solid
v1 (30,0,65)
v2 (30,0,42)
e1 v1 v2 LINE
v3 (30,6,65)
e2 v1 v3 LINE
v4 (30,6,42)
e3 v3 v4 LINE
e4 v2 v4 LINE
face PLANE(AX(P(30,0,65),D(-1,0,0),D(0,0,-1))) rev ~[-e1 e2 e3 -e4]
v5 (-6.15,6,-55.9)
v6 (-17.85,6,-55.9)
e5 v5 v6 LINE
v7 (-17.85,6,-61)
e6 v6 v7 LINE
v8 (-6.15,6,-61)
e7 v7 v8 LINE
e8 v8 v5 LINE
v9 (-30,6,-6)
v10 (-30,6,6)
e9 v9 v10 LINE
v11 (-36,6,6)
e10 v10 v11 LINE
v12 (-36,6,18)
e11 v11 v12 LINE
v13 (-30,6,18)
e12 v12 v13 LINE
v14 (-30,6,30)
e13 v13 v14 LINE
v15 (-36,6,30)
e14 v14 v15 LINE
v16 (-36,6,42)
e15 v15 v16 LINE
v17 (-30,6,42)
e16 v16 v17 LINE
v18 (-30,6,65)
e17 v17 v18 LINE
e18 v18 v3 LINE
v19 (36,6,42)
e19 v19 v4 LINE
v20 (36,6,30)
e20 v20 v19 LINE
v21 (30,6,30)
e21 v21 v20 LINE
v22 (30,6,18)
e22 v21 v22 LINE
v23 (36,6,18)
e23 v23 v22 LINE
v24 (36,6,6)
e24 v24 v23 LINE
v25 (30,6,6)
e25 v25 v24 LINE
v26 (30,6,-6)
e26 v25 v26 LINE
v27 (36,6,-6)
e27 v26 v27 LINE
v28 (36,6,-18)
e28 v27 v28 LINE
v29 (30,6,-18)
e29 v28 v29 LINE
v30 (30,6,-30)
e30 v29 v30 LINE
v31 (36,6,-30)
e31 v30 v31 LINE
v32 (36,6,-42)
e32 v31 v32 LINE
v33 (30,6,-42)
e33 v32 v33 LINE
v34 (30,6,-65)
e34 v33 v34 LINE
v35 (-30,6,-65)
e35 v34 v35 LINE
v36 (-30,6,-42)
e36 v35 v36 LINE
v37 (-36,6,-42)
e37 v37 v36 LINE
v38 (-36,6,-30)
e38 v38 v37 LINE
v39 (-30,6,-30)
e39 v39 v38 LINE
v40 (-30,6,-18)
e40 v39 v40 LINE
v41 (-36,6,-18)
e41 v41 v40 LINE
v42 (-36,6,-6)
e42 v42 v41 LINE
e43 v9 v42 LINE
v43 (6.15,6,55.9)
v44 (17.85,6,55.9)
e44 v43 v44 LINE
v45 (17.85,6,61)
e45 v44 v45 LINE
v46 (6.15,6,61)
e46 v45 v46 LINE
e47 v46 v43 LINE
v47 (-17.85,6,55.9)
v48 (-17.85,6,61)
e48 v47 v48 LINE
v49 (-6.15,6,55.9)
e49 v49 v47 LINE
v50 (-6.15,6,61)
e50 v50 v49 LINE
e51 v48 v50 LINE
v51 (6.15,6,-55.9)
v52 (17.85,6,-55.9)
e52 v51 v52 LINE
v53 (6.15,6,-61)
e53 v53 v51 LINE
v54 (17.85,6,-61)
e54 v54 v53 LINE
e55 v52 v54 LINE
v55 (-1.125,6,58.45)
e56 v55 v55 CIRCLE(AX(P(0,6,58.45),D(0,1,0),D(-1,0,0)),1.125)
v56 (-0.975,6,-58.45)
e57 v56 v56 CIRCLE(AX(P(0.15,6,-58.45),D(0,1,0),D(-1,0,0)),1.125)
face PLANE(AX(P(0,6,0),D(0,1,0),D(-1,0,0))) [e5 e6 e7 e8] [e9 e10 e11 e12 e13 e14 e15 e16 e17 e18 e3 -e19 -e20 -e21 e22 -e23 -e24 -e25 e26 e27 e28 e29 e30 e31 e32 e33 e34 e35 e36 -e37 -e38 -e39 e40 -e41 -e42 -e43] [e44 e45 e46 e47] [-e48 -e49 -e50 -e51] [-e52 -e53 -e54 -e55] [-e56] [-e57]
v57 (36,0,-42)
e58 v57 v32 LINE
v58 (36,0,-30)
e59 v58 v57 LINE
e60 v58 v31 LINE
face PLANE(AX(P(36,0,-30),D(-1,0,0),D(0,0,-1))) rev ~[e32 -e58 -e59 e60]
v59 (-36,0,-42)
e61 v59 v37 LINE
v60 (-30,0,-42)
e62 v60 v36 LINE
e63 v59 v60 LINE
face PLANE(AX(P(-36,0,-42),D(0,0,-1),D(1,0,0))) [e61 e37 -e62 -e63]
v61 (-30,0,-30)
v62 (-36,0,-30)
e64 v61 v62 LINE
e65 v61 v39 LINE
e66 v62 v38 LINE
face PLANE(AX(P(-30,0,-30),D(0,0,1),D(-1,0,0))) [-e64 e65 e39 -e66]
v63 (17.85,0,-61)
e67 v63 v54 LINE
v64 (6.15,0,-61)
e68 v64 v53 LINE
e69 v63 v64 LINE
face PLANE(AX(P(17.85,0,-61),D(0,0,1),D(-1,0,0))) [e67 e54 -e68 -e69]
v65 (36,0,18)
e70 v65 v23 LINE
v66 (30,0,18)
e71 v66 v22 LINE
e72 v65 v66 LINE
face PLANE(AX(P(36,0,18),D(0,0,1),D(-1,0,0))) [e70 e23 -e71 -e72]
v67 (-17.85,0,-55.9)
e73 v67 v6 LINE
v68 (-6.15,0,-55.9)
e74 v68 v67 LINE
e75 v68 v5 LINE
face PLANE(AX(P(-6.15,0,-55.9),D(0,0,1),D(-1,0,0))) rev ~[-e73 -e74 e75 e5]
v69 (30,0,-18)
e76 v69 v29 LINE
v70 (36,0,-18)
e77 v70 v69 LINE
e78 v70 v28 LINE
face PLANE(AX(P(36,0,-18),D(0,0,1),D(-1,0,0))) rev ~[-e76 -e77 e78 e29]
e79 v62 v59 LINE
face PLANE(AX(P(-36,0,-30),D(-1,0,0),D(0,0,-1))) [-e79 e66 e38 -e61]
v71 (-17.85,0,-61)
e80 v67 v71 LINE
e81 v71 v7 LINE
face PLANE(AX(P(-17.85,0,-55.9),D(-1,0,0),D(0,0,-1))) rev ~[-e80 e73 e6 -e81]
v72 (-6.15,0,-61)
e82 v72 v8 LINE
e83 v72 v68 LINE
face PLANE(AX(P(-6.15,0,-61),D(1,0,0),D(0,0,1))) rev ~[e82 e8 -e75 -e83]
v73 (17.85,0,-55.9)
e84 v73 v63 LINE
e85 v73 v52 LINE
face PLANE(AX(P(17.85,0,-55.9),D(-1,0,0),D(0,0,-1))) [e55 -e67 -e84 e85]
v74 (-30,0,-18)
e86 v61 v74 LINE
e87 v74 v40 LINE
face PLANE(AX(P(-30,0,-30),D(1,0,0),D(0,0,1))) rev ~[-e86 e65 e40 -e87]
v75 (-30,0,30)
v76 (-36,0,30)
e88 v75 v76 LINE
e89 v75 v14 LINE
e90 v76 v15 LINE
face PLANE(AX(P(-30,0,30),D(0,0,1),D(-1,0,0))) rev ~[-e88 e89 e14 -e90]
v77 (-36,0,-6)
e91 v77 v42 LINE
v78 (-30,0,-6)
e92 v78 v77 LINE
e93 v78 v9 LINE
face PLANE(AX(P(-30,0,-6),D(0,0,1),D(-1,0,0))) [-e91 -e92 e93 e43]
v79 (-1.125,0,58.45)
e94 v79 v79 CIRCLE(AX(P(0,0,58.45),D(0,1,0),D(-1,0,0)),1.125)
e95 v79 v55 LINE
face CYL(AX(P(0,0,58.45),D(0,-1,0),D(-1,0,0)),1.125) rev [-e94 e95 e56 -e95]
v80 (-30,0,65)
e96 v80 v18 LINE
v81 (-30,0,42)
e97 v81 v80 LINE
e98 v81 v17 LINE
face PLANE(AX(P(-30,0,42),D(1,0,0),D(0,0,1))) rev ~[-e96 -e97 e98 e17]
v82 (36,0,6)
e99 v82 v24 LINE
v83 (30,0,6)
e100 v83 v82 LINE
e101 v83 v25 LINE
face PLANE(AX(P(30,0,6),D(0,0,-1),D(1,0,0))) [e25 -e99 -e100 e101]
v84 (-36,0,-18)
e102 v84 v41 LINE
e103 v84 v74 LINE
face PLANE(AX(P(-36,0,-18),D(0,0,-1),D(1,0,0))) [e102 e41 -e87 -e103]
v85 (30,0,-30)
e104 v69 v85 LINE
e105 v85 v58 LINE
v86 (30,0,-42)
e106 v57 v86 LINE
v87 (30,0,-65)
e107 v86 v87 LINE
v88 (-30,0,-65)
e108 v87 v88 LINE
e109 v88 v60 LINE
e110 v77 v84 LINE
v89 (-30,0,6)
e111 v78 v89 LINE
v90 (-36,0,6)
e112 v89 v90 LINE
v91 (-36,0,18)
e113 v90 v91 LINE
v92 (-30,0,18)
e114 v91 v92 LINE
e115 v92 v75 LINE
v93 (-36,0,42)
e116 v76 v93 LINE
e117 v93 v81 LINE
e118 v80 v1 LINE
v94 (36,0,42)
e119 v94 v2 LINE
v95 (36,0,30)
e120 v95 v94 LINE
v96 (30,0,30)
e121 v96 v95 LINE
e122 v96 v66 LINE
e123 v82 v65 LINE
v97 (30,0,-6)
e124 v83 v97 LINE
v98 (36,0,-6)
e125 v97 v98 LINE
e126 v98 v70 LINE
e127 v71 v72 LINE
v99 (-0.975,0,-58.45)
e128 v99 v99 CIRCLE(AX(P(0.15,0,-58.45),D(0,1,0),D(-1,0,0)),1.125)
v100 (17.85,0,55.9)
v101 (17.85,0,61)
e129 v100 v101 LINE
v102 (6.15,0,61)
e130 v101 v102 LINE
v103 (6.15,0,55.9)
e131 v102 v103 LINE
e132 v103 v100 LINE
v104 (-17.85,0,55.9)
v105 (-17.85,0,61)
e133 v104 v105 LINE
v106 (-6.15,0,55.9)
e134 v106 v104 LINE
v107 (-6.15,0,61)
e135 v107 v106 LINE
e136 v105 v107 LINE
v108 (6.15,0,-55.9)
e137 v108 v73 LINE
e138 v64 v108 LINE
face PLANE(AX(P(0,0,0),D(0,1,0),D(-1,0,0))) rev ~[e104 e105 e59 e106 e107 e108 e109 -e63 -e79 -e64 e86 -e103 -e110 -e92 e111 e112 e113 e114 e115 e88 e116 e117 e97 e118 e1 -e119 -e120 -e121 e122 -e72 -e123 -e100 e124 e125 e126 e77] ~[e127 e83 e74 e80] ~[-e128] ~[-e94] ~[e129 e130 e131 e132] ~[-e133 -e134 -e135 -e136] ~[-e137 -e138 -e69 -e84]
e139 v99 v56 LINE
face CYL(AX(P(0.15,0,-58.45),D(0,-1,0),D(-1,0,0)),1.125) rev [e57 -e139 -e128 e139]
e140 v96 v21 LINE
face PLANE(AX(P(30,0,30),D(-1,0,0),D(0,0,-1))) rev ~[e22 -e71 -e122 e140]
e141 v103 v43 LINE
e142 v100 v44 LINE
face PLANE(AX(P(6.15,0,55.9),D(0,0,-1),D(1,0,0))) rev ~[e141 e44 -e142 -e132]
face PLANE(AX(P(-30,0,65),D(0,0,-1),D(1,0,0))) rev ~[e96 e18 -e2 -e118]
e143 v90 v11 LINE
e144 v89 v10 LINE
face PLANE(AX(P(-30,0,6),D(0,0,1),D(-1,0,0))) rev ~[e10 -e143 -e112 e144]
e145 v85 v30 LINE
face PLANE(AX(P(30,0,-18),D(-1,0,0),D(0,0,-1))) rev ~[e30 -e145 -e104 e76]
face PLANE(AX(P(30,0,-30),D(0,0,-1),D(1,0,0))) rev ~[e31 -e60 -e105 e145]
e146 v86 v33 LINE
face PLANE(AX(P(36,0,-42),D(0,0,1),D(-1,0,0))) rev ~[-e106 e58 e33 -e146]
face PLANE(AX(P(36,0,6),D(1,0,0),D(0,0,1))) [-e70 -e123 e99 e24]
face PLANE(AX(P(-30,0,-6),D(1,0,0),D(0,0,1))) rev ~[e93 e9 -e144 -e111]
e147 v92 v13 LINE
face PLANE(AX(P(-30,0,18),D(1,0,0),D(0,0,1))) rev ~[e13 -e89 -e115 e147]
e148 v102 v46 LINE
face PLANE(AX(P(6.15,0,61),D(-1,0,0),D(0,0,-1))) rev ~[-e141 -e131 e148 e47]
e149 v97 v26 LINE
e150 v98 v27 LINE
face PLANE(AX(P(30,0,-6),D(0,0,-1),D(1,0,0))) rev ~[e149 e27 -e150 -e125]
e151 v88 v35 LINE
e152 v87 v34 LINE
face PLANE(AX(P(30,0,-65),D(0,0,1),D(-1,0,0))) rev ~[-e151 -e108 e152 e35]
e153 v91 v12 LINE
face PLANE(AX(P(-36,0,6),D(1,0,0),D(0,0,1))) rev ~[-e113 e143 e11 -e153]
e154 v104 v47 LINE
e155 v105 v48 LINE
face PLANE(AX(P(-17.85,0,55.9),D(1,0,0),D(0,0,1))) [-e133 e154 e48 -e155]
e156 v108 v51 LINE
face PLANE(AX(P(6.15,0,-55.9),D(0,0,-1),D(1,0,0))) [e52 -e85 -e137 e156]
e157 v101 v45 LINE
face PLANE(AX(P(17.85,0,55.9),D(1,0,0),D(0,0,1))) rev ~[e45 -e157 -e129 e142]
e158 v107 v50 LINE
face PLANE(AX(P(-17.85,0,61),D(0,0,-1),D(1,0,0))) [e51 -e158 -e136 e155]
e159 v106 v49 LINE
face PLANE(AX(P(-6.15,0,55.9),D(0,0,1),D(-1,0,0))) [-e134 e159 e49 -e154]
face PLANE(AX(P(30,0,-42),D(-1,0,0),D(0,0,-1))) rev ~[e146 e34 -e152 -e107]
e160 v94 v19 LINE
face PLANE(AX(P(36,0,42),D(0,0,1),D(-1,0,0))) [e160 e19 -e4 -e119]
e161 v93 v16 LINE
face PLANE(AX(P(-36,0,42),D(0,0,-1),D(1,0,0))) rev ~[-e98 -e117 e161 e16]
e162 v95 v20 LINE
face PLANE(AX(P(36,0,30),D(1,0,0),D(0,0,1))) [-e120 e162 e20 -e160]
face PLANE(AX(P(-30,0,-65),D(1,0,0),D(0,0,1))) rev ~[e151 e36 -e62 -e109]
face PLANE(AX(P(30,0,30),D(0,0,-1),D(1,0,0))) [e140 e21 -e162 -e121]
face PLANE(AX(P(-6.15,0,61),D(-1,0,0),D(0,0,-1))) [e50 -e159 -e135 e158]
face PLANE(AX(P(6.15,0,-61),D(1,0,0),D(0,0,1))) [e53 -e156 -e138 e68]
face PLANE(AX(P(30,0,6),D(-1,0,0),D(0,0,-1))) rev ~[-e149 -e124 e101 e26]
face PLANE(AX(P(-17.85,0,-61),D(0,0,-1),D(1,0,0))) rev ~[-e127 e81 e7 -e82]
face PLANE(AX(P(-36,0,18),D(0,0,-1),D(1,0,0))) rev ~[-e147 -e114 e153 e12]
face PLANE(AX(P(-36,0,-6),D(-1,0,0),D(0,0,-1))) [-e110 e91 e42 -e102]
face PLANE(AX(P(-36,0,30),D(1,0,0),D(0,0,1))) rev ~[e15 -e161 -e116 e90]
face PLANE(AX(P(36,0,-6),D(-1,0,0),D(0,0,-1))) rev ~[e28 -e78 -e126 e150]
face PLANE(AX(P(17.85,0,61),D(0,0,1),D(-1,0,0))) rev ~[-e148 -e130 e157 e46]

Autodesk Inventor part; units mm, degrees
ref_plane "YZ Plane" through (0, 0, 0) normal (1, 0, 0) x (0, 1, 0)
ref_plane "XZ Plane" through (0, 0, 0) normal (0, 1, 0) x (-1, 0, 0)
ref_plane "XY Plane" through (0, 0, 0) normal (0, 0, 1) x (1, 0, 0)
sketch "Sketch1" plane through (0, 0, 0) normal (0, 1, 0) x (-1, 0, 0)
  line L0 (30, 65) -> (-30, 65)
  line L1 (-30, 65) -> (-30, -65)
  line L2 (-30, -65) -> (30, -65)
  line L3 (30, -65) -> (30, 65)
  line L4 (30, 65) -> (-30, -65) construction
  line L5 (-30, 65) -> (30, -65) construction
  line L6 (-17.85, 61) -> (-6.15, 61)
  line L7 (-6.15, 61) -> (-6.15, 55.9)
  line L8 (-6.15, 55.9) -> (-17.85, 55.9)
  line L9 (-17.85, 55.9) -> (-17.85, 61)
  line L10 (-30, 6) -> (-36, 6)
  line L11 (-36, 6) -> (-36, 18)
  line L12 (-36, 18) -> (-30, 18)
  line L13 (-30, 18) -> (-30, 6)
  line L14 (-30, 30) -> (-36, 30)
  line L15 (-36, 30) -> (-36, 42)
  line L16 (-36, 42) -> (-30, 42)
  line L17 (-30, 42) -> (-30, 30)
  line L18 (0, 0) -> (0, 6.5854)
  line L19 (0, 6.5854) -> (0, 0)
  line L20 (0, 0) -> (-5.5856, 0)
  line L21 (17.85, 61) -> (6.15, 61)
  line L22 (6.15, 61) -> (6.15, 55.9)
  line L23 (6.15, 55.9) -> (17.85, 55.9)
  line L24 (17.85, 55.9) -> (17.85, 61)
  line L25 (30, 6) -> (36, 6)
  line L26 (36, 6) -> (36, 18)
  line L27 (36, 18) -> (30, 18)
  line L28 (30, 18) -> (30, 6)
  line L29 (30, 30) -> (36, 30)
  line L30 (36, 30) -> (36, 42)
  line L31 (36, 42) -> (30, 42)
  line L32 (30, 42) -> (30, 30)
  line L33 (-17.85, -61) -> (-6.15, -61)
  line L34 (-6.15, -61) -> (-6.15, -55.9)
  line L35 (-6.15, -55.9) -> (-17.85, -55.9)
  line L36 (-17.85, -55.9) -> (-17.85, -61)
  line L37 (-30, -6) -> (-36, -6)
  line L38 (-36, -6) -> (-36, -18)
  line L39 (-36, -18) -> (-30, -18)
  line L40 (-30, -18) -> (-30, -6)
  line L41 (-30, -30) -> (-36, -30)
  line L42 (-36, -30) -> (-36, -42)
  line L43 (-36, -42) -> (-30, -42)
  line L44 (-30, -42) -> (-30, -30)
  line L45 (6.15, -55.9) -> (17.85, -55.9)
  line L46 (17.85, -61) -> (6.15, -61)
  line L47 (6.15, -61) -> (6.15, -55.9)
  line L48 (17.85, -55.9) -> (17.85, -61)
  line L49 (30, -18) -> (30, -6)
  line L50 (36, -42) -> (30, -42)
  line L51 (36, -30) -> (36, -42)
  line L52 (30, -6) -> (36, -6)
  line L53 (36, -6) -> (36, -18)
  line L54 (30, -42) -> (30, -30)
  line L55 (36, -18) -> (30, -18)
  line L56 (30, -30) -> (36, -30)
  circle A0 centre (-0.15, -58.45) radius 1.125
  circle A1 centre (0, 58.45) radius 1.125
  dimension "d0" = 60
  dimension "d1" = 130
  dimension "d2" = 6
  dimension "d3" = 12
  dimension "d4" = 12
  dimension "d5" = 12
  dimension "d6" = 6
  dimension "d9" = 4
  dimension "d10" = 5.1
  dimension "d13" = 12.3
  dimension "d14" = 11.7
  dimension "d15" = 2.25
  dimension "d16" = 2.25
  dimension "d17" = 6.15
  dimension "d18" = 2.55
  dimension "d19" = 6.3
  dimension "d20" = 2.55
extrude "Extrusion1" add sketch "Sketch1" along normal blind 6
properties part number "case_side" material "Acrylic, Clear"
